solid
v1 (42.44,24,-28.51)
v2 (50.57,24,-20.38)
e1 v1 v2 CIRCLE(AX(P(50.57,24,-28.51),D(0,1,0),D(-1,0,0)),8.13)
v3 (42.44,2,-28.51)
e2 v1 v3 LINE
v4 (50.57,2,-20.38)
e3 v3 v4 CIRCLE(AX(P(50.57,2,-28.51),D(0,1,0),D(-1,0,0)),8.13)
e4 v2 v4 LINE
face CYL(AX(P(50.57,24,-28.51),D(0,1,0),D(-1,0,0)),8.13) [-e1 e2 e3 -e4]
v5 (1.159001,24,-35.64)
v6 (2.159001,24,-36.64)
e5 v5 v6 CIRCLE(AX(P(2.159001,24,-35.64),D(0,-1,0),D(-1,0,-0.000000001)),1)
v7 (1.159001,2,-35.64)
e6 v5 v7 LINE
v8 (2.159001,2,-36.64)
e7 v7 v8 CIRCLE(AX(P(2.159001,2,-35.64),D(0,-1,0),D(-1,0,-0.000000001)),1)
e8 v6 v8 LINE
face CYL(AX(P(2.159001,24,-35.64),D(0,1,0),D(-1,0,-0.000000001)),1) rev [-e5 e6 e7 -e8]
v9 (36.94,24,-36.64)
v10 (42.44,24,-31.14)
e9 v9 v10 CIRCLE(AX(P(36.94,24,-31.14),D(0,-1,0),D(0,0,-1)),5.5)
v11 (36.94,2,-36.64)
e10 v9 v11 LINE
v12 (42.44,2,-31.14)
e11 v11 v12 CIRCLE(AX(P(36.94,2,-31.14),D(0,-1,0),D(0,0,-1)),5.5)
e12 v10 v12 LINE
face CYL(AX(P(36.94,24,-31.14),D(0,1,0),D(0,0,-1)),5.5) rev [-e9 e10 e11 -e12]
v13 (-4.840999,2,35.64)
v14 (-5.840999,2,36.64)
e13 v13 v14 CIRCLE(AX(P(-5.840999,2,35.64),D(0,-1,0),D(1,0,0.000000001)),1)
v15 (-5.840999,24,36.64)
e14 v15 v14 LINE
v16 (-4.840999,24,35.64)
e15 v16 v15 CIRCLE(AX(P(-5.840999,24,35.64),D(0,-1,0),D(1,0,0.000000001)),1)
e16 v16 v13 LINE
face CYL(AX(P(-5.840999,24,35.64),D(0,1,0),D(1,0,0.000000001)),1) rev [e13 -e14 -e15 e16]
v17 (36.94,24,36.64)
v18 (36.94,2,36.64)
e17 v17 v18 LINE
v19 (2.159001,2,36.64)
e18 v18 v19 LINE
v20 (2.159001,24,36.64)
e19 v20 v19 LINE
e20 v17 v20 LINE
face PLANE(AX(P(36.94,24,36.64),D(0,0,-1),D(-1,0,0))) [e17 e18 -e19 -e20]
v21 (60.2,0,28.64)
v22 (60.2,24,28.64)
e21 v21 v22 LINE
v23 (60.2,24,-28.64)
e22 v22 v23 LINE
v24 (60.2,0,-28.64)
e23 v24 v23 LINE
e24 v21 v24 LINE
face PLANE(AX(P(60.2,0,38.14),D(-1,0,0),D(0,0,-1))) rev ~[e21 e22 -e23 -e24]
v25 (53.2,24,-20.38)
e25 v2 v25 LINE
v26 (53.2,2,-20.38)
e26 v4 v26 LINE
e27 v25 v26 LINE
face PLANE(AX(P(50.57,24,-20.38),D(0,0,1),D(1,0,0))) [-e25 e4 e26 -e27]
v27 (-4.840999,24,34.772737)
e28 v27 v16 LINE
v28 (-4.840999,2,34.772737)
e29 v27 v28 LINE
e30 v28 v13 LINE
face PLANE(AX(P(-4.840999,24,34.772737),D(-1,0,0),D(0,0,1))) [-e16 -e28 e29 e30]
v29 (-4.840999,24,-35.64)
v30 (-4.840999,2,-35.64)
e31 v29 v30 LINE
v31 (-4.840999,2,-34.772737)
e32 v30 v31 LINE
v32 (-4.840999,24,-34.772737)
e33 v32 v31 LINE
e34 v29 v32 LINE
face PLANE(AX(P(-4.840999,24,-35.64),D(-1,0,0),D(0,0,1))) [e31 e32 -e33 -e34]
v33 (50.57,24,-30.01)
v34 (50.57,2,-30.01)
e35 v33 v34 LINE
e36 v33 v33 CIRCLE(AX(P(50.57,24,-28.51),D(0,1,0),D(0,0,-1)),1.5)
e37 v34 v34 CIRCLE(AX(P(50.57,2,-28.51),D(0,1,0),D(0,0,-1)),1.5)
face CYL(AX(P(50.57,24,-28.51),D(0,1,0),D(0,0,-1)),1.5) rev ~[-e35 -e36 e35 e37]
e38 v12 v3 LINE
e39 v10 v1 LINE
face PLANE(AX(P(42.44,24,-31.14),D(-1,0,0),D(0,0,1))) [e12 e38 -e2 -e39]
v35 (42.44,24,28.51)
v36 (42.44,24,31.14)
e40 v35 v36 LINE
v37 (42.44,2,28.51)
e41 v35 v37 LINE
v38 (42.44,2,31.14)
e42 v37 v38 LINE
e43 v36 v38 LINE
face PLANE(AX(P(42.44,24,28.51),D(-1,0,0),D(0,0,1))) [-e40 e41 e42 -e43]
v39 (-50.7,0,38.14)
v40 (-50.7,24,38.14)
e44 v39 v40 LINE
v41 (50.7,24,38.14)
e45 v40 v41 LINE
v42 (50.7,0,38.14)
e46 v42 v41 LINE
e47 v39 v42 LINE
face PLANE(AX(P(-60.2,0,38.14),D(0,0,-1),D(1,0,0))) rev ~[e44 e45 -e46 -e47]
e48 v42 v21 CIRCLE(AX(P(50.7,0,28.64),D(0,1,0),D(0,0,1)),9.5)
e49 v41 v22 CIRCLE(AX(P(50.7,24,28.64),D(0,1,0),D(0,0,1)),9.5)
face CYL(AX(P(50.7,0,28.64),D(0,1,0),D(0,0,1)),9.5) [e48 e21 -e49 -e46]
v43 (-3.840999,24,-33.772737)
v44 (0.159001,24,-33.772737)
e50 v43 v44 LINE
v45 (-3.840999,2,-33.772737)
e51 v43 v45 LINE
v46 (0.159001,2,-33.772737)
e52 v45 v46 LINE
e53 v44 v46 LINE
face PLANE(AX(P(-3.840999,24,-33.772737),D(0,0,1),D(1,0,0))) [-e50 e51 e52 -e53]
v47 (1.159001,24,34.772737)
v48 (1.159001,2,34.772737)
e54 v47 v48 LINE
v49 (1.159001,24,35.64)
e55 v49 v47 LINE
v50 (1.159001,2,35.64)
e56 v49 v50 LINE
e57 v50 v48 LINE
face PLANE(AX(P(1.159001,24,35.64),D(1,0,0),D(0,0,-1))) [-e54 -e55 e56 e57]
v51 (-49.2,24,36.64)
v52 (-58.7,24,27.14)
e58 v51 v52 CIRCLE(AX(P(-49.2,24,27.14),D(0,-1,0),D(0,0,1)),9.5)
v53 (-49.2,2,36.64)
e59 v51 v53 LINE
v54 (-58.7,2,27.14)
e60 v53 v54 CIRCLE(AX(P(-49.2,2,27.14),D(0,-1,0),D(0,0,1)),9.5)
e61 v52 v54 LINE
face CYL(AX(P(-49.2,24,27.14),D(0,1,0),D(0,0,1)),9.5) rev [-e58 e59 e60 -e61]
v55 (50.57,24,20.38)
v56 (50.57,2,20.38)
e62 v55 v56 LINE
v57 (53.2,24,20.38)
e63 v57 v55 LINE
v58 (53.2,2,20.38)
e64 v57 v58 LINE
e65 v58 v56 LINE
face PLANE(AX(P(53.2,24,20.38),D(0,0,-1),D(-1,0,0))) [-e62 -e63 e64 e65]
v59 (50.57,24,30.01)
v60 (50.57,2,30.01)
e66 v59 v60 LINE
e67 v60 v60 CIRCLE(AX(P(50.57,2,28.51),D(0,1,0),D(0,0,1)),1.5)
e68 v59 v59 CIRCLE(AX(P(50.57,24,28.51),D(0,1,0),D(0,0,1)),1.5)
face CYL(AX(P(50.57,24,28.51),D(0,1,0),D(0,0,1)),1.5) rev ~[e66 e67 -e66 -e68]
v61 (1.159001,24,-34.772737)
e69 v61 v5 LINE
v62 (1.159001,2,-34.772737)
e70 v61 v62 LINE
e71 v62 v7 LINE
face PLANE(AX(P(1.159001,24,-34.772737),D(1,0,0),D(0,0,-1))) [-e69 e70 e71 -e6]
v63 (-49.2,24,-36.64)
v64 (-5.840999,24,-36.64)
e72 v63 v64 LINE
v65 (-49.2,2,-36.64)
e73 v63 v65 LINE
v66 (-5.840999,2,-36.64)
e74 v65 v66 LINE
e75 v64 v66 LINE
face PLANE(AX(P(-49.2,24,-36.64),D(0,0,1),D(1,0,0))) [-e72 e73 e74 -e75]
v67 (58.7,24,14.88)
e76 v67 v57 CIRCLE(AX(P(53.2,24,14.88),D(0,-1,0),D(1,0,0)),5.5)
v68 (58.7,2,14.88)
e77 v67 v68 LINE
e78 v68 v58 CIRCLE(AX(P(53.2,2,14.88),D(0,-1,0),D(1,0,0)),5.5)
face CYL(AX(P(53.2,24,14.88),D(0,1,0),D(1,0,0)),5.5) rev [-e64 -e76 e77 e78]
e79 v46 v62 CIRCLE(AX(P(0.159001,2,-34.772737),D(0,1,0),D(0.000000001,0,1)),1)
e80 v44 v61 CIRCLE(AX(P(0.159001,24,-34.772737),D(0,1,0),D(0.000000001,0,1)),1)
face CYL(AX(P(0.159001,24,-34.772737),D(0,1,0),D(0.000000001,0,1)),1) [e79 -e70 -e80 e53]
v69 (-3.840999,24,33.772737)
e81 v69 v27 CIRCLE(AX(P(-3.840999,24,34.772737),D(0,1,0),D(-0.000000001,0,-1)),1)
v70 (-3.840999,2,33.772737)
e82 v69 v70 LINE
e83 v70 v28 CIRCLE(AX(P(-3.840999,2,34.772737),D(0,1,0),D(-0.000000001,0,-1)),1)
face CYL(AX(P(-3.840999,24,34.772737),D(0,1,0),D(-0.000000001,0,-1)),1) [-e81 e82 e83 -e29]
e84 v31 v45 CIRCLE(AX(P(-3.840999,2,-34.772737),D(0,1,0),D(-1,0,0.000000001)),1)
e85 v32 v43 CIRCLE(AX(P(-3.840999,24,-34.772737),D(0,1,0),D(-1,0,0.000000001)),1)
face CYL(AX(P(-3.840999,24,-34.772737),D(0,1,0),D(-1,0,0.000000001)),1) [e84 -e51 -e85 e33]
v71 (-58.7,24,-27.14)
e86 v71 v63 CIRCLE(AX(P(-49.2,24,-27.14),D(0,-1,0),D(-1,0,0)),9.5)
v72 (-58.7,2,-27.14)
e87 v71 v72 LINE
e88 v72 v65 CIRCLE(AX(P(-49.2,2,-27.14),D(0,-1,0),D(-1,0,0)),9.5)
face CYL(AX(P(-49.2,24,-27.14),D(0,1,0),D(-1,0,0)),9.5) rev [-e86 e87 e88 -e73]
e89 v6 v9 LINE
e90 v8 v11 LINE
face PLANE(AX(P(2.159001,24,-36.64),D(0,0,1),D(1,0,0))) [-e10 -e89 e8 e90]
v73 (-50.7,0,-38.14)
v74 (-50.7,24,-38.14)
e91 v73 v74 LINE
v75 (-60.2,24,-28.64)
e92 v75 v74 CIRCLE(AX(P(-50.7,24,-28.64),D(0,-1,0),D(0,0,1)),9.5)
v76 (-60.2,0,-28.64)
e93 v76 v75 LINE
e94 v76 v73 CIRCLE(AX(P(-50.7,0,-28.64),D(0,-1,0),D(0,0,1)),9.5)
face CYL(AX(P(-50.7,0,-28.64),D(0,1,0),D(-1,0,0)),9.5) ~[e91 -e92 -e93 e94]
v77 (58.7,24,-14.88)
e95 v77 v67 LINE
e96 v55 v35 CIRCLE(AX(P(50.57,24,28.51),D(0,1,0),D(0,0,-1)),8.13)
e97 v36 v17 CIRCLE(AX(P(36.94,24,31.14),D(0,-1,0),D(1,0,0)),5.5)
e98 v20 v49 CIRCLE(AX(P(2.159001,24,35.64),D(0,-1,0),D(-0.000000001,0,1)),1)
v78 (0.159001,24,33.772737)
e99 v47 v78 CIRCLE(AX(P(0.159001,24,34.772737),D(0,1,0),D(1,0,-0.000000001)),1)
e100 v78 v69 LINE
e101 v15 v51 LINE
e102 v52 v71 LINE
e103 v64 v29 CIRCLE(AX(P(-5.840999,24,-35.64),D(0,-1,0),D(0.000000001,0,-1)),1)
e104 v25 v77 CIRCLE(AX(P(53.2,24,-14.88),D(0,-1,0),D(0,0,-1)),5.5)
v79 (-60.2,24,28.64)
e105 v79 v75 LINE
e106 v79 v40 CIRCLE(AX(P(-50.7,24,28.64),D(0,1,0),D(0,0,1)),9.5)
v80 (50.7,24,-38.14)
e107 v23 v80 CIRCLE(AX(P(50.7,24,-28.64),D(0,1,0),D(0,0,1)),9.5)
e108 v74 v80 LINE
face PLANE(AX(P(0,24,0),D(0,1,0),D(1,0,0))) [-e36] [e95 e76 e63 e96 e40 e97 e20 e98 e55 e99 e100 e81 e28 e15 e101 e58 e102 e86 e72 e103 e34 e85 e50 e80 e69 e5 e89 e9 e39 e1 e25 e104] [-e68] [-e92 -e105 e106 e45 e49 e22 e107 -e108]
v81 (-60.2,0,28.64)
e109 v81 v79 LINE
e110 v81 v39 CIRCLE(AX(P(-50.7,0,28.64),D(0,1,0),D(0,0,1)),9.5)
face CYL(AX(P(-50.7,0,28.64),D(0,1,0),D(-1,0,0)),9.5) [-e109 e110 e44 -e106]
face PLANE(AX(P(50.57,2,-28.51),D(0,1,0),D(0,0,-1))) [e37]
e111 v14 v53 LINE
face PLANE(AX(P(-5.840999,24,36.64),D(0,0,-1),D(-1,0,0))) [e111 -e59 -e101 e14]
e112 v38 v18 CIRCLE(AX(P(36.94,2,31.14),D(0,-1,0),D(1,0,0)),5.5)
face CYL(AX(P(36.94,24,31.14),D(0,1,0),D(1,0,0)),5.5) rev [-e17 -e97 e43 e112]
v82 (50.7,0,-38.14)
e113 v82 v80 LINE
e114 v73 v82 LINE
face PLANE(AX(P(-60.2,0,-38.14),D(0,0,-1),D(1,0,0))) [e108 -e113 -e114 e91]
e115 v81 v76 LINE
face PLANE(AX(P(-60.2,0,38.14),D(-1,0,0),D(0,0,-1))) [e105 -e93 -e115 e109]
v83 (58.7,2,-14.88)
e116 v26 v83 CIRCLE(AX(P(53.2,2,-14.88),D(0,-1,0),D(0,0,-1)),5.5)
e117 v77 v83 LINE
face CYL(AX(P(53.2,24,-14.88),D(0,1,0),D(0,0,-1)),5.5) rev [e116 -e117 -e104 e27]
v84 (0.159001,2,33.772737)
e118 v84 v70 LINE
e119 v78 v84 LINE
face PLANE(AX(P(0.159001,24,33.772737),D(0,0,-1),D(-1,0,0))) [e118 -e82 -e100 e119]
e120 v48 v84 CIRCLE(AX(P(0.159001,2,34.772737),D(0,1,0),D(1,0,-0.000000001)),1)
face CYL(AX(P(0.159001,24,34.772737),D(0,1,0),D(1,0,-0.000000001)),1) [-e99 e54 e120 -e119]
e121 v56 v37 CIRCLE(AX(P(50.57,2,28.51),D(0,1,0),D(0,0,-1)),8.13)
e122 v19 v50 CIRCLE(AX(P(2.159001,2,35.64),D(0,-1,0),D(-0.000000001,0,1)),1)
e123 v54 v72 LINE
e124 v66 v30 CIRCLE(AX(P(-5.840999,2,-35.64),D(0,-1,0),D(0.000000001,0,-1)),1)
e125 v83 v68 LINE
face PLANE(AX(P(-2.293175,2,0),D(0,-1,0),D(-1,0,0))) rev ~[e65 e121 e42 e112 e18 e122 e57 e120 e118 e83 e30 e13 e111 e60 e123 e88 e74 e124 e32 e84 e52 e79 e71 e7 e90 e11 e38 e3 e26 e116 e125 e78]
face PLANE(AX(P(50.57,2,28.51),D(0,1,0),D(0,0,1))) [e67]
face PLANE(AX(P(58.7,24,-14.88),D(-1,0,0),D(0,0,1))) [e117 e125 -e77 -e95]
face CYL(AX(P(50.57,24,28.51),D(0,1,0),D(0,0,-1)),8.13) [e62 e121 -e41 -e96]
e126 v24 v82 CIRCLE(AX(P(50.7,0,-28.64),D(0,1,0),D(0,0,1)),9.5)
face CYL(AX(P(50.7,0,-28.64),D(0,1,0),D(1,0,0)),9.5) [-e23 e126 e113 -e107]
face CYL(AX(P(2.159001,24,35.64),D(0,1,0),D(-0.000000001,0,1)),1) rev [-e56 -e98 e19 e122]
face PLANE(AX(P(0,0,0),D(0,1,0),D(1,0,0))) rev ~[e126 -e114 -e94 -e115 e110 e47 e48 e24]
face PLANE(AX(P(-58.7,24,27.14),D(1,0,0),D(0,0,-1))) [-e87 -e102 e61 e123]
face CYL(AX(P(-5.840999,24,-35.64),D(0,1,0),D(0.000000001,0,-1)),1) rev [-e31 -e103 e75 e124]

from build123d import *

# Parameters (mm, degrees)
SKETCH1_W           = 120.4
SKETCH1_H           = 76.28
BOSS_EXTRUDE1_DEPTH = 24
FILLET1_R           = 9.5
SKETCH2_R           = 1.5
CUT_EXTRUDE1_DEPTH  = 22


with BuildPart() as part:
    # Sketch1 → Boss-Extrude1 (new body)
    with BuildSketch(Plane(origin=(0, 0, 0), x_dir=(1, 0, 0), z_dir=(0, 1, 0))):
        Rectangle(SKETCH1_W, SKETCH1_H)
    extrude(amount=BOSS_EXTRUDE1_DEPTH)

    # Fillet1
    fillet1_edges = [part.edges().sort_by_distance(p)[0] for p in [
        (60.2, 12, 38.14),
        (-60.2, 12, 38.14),
        (-60.2, 12, -38.14),
        (60.2, 12, -38.14),
    ]]
    fillet(fillet1_edges, radius=FILLET1_R)

    # Sketch2 → Cut-Extrude1 (cut)
    with BuildSketch(Plane(origin=(0, 24, 0), x_dir=(1, 0, 0), z_dir=(0, 1, 0))):
        with Locations(Location((50.57, -28.51, 0), (0, 0, 270))):
            Circle(SKETCH2_R)
        with Locations(Location((50.57, 28.51, 0), (0, 0, 90))):
            Circle(SKETCH2_R)
        with BuildLine():
            Line((-49.2, 36.64), (-5.840999167, 36.64))
            ThreePointArc((-5.840999167, 36.64), (-5.133892386, 36.347106781), (-4.840999167, 35.64))
            Line((-4.840999167, 35.64), (-4.840999167, 34.772736938))
            ThreePointArc((-4.840999167, 34.772736938), (-4.548105948, 34.065630157), (-3.840999167, 33.772736938))
            Line((-3.840999167, 33.772736938), (0.159000833, 33.772736938))
            ThreePointArc((0.159000833, 33.772736938), (0.866107614, 34.065630157), (1.159000833, 34.772736938))
            Line((1.159000833, 34.772736938), (1.159000833, 35.64))
            ThreePointArc((1.159000833, 35.64), (1.451894052, 36.347106781), (2.159000833, 36.64))
            Line((2.159000833, 36.64), (36.94, 36.64))
            ThreePointArc((36.94, 36.64), (40.829087297, 35.029087297), (42.44, 31.14))
            Line((42.44, 31.14), (42.44, 28.51))
            ThreePointArc((42.44, 28.51), (44.821221869, 22.761221869), (50.57, 20.38))
            Line((50.57, 20.38), (53.2, 20.38))
            ThreePointArc((53.2, 20.38), (57.089087297, 18.769087297), (58.7, 14.88))
            Line((58.7, 14.88), (58.7, -14.88))
            ThreePointArc((58.7, -14.88), (57.089087297, -18.769087297), (53.2, -20.38))
            Line((53.2, -20.38), (50.57, -20.38))
            ThreePointArc((50.57, -20.38), (44.821221869, -22.761221869), (42.44, -28.51))
            Line((42.44, -28.51), (42.44, -31.14))
            ThreePointArc((42.44, -31.14), (40.829087297, -35.029087297), (36.94, -36.64))
            Line((36.94, -36.64), (2.159000833, -36.64))
            ThreePointArc((2.159000833, -36.64), (1.451894052, -36.347106781), (1.159000833, -35.64))
            Line((1.159000833, -35.64), (1.159000833, -34.772736938))
            ThreePointArc((1.159000833, -34.772736938), (0.866107614, -34.065630157), (0.159000833, -33.772736938))
            Line((0.159000833, -33.772736938), (-3.840999167, -33.772736938))
            ThreePointArc((-3.840999167, -33.772736938), (-4.548105948, -34.065630157), (-4.840999167, -34.772736938))
            Line((-4.840999167, -34.772736938), (-4.840999167, -35.64))
            ThreePointArc((-4.840999167, -35.64), (-5.133892386, -36.347106781), (-5.840999167, -36.64))
            Line((-5.840999167, -36.64), (-49.2, -36.64))
            ThreePointArc((-49.2, -36.64), (-55.917514421, -33.857514421), (-58.7, -27.14))
            Line((-58.7, -27.14), (-58.7, 27.14))
            ThreePointArc((-58.7, 27.14), (-55.917514421, 33.857514421), (-49.2, 36.64))
        make_face()
    extrude(amount=-CUT_EXTRUDE1_DEPTH, mode=Mode.SUBTRACT)


solid = part.part
